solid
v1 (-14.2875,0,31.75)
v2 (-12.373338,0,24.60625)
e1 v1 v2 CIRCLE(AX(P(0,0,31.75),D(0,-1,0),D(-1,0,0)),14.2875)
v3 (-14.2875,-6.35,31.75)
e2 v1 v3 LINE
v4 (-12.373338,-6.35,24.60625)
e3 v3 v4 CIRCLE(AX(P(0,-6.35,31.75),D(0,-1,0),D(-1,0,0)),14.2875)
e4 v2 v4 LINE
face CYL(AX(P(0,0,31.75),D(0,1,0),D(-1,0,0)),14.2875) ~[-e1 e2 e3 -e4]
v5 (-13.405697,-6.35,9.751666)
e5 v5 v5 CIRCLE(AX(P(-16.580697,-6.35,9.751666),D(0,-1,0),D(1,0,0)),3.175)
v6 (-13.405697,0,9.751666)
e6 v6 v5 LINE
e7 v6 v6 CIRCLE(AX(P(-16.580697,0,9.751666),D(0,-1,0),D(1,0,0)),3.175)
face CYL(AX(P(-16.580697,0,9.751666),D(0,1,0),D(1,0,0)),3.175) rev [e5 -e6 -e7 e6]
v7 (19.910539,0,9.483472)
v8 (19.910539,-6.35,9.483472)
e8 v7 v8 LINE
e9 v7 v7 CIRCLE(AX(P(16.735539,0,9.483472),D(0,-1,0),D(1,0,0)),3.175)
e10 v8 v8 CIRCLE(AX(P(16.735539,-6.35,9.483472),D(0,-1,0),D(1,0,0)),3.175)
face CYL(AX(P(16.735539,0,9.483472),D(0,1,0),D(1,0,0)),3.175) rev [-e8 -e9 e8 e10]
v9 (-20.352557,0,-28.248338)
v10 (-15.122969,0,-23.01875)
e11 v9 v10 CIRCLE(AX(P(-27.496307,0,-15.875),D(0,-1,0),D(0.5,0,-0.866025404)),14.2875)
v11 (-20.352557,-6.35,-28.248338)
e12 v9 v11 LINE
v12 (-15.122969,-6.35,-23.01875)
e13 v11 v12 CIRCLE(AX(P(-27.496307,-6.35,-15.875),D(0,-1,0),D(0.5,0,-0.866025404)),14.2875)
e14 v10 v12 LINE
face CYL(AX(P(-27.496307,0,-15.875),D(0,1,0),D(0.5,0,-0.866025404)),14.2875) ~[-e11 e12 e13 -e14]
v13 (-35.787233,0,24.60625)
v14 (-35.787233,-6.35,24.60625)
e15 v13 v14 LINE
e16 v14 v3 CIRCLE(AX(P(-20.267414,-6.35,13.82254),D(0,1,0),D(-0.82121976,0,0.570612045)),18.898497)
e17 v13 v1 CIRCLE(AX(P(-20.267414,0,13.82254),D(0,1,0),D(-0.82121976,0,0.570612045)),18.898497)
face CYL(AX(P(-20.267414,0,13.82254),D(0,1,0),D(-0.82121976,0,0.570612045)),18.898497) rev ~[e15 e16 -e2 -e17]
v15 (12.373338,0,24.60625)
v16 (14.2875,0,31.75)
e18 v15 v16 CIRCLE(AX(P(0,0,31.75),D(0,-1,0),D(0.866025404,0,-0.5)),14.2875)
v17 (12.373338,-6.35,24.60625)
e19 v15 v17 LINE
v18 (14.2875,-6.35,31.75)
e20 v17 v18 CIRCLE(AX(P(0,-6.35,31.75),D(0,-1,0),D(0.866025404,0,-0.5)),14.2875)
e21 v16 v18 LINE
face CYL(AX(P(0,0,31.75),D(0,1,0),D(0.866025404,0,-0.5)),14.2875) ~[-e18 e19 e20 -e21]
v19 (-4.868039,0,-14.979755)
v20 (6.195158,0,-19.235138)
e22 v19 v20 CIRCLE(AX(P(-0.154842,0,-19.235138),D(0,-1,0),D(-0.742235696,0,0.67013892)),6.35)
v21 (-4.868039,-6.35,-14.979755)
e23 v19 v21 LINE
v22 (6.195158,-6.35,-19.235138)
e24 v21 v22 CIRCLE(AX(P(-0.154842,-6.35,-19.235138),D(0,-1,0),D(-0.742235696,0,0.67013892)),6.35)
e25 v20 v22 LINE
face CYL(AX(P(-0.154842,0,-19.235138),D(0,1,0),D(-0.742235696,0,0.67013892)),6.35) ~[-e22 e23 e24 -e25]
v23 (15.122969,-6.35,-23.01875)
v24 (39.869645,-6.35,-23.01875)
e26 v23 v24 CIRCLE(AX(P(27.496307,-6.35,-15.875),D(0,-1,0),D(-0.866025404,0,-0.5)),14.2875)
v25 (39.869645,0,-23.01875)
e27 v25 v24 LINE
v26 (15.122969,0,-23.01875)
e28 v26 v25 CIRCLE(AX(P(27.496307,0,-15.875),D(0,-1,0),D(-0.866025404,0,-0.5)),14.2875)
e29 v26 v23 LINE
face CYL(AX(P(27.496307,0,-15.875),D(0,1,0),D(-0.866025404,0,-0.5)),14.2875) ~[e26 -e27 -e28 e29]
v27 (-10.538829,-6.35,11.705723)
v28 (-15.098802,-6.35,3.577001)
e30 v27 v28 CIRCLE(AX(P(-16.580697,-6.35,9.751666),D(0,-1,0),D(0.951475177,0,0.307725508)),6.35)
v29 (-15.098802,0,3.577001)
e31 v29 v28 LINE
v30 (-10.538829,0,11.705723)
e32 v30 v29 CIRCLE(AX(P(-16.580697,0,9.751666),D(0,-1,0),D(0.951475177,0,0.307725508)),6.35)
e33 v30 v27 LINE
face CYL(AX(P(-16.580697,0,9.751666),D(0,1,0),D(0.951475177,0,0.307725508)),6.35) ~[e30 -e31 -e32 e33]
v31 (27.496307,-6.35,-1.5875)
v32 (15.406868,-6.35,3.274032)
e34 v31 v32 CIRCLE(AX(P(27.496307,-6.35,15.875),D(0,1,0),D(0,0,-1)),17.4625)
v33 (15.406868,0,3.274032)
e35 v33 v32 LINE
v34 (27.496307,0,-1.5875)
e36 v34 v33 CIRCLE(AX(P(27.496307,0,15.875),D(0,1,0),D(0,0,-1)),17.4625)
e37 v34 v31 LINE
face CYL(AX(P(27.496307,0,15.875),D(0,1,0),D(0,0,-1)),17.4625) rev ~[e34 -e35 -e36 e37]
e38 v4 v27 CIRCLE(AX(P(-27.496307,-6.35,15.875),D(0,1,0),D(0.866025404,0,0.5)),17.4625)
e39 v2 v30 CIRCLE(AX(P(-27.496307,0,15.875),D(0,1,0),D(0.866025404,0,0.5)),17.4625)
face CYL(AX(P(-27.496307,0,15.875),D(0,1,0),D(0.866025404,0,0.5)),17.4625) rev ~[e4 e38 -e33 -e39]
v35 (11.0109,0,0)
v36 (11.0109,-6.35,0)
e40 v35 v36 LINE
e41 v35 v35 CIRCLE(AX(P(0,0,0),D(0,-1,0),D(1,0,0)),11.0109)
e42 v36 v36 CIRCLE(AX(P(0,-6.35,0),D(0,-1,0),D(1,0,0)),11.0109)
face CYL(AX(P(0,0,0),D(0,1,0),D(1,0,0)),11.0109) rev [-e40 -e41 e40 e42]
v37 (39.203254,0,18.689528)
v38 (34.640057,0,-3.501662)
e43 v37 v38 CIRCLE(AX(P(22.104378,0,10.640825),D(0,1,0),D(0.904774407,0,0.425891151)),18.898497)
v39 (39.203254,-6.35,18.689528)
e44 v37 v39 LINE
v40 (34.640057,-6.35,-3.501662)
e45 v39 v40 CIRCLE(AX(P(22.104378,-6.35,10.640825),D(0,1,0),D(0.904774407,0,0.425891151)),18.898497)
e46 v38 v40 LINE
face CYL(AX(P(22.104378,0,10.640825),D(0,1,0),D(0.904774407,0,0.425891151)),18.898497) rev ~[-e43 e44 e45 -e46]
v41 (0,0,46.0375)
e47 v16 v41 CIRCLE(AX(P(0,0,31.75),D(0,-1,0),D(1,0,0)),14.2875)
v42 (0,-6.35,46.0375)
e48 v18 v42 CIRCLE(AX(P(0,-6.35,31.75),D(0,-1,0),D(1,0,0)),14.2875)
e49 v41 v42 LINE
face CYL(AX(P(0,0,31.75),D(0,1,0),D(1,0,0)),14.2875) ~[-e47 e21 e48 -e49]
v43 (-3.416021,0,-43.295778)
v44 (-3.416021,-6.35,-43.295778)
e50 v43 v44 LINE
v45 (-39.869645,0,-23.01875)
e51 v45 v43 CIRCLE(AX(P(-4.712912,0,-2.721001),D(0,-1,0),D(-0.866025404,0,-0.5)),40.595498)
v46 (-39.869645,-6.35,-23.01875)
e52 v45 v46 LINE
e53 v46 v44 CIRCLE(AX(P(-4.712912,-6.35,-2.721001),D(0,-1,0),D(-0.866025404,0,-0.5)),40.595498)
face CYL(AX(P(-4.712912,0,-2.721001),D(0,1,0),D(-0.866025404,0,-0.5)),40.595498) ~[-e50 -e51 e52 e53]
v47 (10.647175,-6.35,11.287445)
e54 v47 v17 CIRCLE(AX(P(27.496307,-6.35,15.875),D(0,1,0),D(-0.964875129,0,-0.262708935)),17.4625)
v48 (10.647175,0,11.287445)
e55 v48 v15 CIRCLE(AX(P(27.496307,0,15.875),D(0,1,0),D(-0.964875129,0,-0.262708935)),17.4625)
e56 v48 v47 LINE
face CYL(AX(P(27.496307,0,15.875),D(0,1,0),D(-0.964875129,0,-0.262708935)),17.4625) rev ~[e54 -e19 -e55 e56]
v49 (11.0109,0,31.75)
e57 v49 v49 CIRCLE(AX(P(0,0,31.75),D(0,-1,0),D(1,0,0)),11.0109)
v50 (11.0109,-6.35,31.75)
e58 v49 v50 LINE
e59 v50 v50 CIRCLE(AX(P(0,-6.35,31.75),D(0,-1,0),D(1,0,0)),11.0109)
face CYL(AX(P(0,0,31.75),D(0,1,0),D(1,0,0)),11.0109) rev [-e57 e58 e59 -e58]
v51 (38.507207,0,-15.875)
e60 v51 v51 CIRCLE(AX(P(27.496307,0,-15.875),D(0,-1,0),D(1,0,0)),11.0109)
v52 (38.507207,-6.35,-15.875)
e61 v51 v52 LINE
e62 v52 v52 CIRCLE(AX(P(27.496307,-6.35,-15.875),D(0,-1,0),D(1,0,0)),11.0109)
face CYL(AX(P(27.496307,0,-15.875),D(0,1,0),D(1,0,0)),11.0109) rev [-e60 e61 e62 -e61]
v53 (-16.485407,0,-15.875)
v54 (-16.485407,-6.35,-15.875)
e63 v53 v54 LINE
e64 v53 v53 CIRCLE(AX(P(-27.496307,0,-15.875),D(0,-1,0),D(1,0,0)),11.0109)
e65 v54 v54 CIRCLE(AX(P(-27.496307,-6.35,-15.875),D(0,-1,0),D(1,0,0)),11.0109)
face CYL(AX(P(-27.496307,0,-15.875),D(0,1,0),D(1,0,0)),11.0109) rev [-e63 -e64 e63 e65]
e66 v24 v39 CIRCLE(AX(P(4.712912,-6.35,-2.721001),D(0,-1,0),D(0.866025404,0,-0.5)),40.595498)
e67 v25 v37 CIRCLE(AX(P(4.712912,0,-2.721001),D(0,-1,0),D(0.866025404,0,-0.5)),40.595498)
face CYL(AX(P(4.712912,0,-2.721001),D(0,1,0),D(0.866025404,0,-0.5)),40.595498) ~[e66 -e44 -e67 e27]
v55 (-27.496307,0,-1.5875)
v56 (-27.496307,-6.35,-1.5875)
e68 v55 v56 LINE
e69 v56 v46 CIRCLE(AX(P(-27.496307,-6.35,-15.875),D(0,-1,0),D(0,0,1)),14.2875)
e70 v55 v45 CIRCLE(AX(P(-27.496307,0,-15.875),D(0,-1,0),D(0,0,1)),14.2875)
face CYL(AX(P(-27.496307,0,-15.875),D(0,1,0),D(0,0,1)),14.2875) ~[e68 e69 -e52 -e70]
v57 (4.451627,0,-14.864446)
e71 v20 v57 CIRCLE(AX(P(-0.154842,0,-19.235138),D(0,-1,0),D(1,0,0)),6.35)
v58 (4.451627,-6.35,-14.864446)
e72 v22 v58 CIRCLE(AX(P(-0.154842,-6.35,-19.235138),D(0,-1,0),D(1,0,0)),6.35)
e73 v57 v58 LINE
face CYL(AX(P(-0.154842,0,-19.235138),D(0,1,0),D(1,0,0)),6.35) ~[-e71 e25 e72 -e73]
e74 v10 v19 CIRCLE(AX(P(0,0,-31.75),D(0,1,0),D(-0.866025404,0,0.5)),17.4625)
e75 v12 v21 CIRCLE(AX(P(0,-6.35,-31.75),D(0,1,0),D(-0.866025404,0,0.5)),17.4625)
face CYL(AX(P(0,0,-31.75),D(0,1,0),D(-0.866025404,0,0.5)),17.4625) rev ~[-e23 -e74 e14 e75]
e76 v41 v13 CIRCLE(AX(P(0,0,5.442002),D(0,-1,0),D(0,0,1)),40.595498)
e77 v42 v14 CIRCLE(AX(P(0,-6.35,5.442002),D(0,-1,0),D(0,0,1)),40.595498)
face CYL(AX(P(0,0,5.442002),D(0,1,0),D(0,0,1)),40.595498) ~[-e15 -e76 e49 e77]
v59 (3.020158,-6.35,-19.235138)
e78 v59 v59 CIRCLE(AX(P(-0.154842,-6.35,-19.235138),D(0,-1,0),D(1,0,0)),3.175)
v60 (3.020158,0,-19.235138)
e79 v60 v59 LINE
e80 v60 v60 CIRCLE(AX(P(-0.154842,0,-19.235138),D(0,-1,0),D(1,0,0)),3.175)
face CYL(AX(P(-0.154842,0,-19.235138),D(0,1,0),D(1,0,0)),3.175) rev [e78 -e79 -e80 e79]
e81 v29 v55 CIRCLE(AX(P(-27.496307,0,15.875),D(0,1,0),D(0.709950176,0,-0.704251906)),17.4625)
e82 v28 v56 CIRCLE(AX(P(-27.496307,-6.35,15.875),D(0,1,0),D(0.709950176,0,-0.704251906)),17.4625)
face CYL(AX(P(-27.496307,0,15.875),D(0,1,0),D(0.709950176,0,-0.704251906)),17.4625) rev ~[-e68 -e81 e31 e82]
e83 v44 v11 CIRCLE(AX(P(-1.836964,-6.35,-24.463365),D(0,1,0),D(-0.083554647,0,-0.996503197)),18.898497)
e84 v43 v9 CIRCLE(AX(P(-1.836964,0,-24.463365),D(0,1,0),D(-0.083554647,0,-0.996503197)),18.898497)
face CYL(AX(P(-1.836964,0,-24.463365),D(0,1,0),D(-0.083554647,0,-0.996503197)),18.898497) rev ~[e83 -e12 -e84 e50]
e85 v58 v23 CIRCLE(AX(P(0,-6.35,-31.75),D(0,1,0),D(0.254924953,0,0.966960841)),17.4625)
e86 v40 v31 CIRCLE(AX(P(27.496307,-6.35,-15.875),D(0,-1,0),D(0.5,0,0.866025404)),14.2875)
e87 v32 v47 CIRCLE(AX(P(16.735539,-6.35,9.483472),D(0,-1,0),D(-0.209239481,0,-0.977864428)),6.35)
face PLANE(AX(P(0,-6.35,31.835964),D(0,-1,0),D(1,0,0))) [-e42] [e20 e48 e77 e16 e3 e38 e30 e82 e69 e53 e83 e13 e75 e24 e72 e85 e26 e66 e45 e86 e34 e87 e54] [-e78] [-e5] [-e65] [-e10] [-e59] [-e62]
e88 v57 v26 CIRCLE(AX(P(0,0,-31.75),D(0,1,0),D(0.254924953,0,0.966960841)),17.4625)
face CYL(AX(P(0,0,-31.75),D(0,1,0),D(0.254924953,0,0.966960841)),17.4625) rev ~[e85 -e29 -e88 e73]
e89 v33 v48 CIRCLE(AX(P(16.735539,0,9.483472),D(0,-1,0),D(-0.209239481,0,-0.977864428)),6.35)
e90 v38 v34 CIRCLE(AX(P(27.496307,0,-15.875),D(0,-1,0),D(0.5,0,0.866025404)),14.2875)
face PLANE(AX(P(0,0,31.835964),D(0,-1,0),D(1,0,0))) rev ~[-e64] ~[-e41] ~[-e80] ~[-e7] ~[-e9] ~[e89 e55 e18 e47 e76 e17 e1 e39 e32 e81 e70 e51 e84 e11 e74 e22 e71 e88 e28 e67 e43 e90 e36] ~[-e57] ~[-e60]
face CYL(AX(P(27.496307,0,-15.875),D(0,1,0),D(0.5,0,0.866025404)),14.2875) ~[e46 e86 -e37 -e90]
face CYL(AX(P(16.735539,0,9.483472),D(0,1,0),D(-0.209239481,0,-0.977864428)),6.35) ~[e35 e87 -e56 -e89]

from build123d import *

# Parameters (mm, degrees)
F0_R     = 11.0109
F0_R_2   = 3.175
F1_DEPTH = 6.35


with BuildPart() as f1:
    # F0 (on Front) → F1 (new body)
    with BuildSketch(Plane.XZ):
        with BuildLine():
            ThreePointArc((12.3733379566, 24.60625), (13.8006652431, 28.0521228931), (14.2875, 31.75))
            ThreePointArc((14.2875, 31.75), (10.1027881362, 41.8527881362), (0, 46.0375))
            ThreePointArc((0, 46.0375), (-10.1027881362, 41.8527881362), (-14.2875, 31.75))
            ThreePointArc((-14.2875, 31.75), (-13.8006652431, 28.0521228931), (-12.3733379566, 24.60625))
            ThreePointArc((-12.3733379566, 24.60625), (0, 17.4625), (12.3733379566, 24.60625))
        make_face()
        with Locations((0, 31.75)):
            Circle(F0_R, mode=Mode.SUBTRACT)
        with BuildLine():
            ThreePointArc((-14.2875, 31.75), (-10.1027881362, 41.8527881362), (0, 46.0375))
            ThreePointArc((0, 46.0375), (-20.8568006936, 40.269983922), (-35.7872332561, 24.60625))
            ThreePointArc((-35.7872332561, 24.60625), (-26.2265027578, 31.7569329924), (-14.2875, 31.75))
        make_face()
        with BuildLine():
            ThreePointArc((10.6471746219, 11.2874452221), (10.1786438017, 18.1194292121), (12.3733379566, 24.60625))
            ThreePointArc((12.3733379566, 24.60625), (0, 17.4625), (-12.3733379566, 24.60625))
            ThreePointArc((-12.3733379566, 24.60625), (-10.2077366082, 18.3335066447), (-10.5388292946, 11.7057230006))
            ThreePointArc((-10.5388292946, 11.7057230006), (-10.3260856779, 10.8481793102), (-10.2344309309, 9.9694071925))
            ThreePointArc((-10.2344309309, 9.9694071925), (0.1150101412, 14.2870370937), (10.3936009423, 9.8033522686))
            ThreePointArc((10.3936009423, 9.8033522686), (10.4762468955, 10.5529407036), (10.6471746219, 11.2874452221))
        make_face()
        with BuildLine():
            ThreePointArc((23.0855388403, 9.4834715128), (17.6469627848, 15.7677221756), (10.6471746219, 11.2874452221))
            ThreePointArc((10.6471746219, 11.2874452221), (11.3765560575, 9.1599013663), (12.3733379177, 7.1437500673))
            ThreePointArc((12.3733379177, 7.1437500673), (13.7532190864, 5.1015858399), (15.4068681354, 3.274032395))
            ThreePointArc((15.4068681354, 3.274032395), (20.7283724847, 4.5458830844), (23.0855388403, 9.4834715128))
        make_face()
        with Locations((16.7355388403, 9.4834715128)):
            Circle(F0_R_2, mode=Mode.SUBTRACT)
        with BuildLine():
            ThreePointArc((12.3733379177, 7.1437500673), (11.3765560575, 9.1599013663), (10.6471746219, 11.2874452221))
            ThreePointArc((10.6471746219, 11.2874452221), (10.4762468955, 10.5529407036), (10.3936009423, 9.8033522686))
            ThreePointArc((10.3936009423, 9.8033522686), (11.4608789903, 8.531172781), (12.3733379177, 7.1437500673))
        make_face()
        with BuildLine():
            ThreePointArc((-10.2344309309, 9.9694071925), (-10.3260856779, 10.8481793102), (-10.5388292946, 11.7057230006))
            ThreePointArc((-10.5388292946, 11.7057230006), (-11.2947124555, 9.359844254), (-12.3733379294, 7.1437500471))
            ThreePointArc((-12.3733379294, 7.1437500471), (-11.3918342591, 8.6231530466), (-10.2344309309, 9.9694071925))
        make_face()
        with BuildLine():
            ThreePointArc((-12.3733379294, 7.1437500471), (-11.2947124555, 9.359844254), (-10.5388292946, 11.7057230006))
            ThreePointArc((-10.5388292946, 11.7057230006), (-22.1188173057, 12.8583877354), (-15.0988016171, 3.57700109))
            ThreePointArc((-15.0988016171, 3.57700109), (-13.620985268, 5.2724359227), (-12.3733379294, 7.1437500471))
        make_face()
        with Locations((-16.5806966663, 9.7516660253)):
            Circle(F0_R_2, mode=Mode.SUBTRACT)
        with BuildLine():
            ThreePointArc((15.4068681354, 3.274032395), (13.7532190864, 5.1015858399), (12.3733379177, 7.1437500673))
            ThreePointArc((12.3733379177, 7.1437500673), (13.1637867029, 5.5540414017), (13.7509753549, 3.8785735832))
            ThreePointArc((13.7509753549, 3.8785735832), (14.5578417064, 3.5185628636), (15.4068681354, 3.274032395))
        make_face()
        with BuildLine():
            ThreePointArc((-13.686752578, 4.0994463185), (-13.1186518214, 5.6598260255), (-12.3733379294, 7.1437500471))
            ThreePointArc((-12.3733379294, 7.1437500471), (-13.620985268, 5.2724359227), (-15.0988016171, 3.57700109))
            ThreePointArc((-15.0988016171, 3.57700109), (-14.3772381817, 3.796225596), (-13.686752578, 4.0994463185))
        make_face()
        with BuildLine():
            ThreePointArc((-13.686752578, 4.0994463185), (-14.3772381817, 3.796225596), (-15.0988016171, 3.57700109))
            ThreePointArc((-15.0988016171, 3.57700109), (-20.7812079006, -0.2447504977), (-27.4963065702, -1.5875))
            ThreePointArc((-27.4963065702, -1.5875), (-17.393518434, -5.7722118638), (-13.2088065702, -15.875))
            ThreePointArc((-13.2088065702, -15.875), (-13.6956413271, -19.5728771069), (-15.1229686136, -23.01875))
            ThreePointArc((-15.1229686136, -23.01875), (-10.7734141907, -18.0069125403), (-4.8680388409, -14.9797553955))
            ThreePointArc((-4.8680388409, -14.9797553955), (-4.2317560285, -14.3667421738), (-3.5165444239, -13.8479807757))
            ThreePointArc((-3.5165444239, -13.8479807757), (-12.4304421386, -7.0439168429), (-13.686752578, 4.0994463185))
        make_face()
        with BuildLine():
            ThreePointArc((15.4068681354, 3.274032395), (14.5578417064, 3.5185628636), (13.7509753549, 3.8785735832))
            ThreePointArc((13.7509753549, 3.8785735832), (14.1527332454, 1.9577532873), (14.2875, 0))
            ThreePointArc((14.2875, 0), (11.2067738499, -8.8623290464), (3.2931516357, -13.9027985871))
            ThreePointArc((3.2931516357, -13.9027985871), (3.9009912862, -14.3491662996), (4.4516269953, -14.8644463122))
            ThreePointArc((4.4516269953, -14.8644463122), (10.6025640989, -17.8746787144), (15.1229686136, -23.01875))
            ThreePointArc((15.1229686136, -23.01875), (15.1229686136, -8.73125), (27.4963065702, -1.5875))
            ThreePointArc((27.4963065702, -1.5875), (20.9811507989, -0.3265941045), (15.4068681354, 3.274032395))
        make_face()
        with BuildLine():
            ThreePointArc((-13.2088065702, -15.875), (-17.393518434, -5.7722118638), (-27.4963065702, -1.5875))
            ThreePointArc((-27.4963065702, -1.5875), (-39.8696445267, -8.73125), (-39.8696445267, -23.01875))
            ThreePointArc((-39.8696445267, -23.01875), (-31.1941836771, -29.6756652431), (-20.3525565702, -28.2483379566))
            ThreePointArc((-20.3525565702, -28.2483379566), (-17.393518434, -25.9777881362), (-15.1229686136, -23.01875))
            ThreePointArc((-15.1229686136, -23.01875), (-13.6956413271, -19.5728771069), (-13.2088065702, -15.875))
        make_face()
        with Locations((-27.4963065702, -15.875)):
            Circle(F0_R, mode=Mode.SUBTRACT)
        with BuildLine():
            ThreePointArc((34.6400565702, -3.5016620434), (31.1941836771, -2.0743347569), (27.4963065702, -1.5875))
            ThreePointArc((27.4963065702, -1.5875), (15.1229686136, -8.73125), (15.1229686136, -23.01875))
            ThreePointArc((15.1229686136, -23.01875), (27.4963065702, -30.1625), (39.8696445267, -23.01875))
            ThreePointArc((39.8696445267, -23.01875), (41.2969718133, -19.5728771069), (41.7838065702, -15.875))
            ThreePointArc((41.7838065702, -15.875), (39.8696445267, -8.73125), (34.6400565702, -3.5016620434))
        make_face()
        with Locations((27.4963065702, -15.875)):
            Circle(F0_R, mode=Mode.SUBTRACT)
        with BuildLine():
            ThreePointArc((-5.5e-09, -14.2875), (-1.7719524453, -14.1771943903), (-3.5165444239, -13.8479807757))
            ThreePointArc((-3.5165444239, -13.8479807757), (-4.2317560285, -14.3667421738), (-4.8680388409, -14.9797553955))
            ThreePointArc((-4.8680388409, -14.9797553955), (-2.4585066475, -14.4614300385), (-5.5e-09, -14.2875))
        make_face()
        with BuildLine():
            ThreePointArc((-20.3525565702, -28.2483379566), (-31.1941836771, -29.6756652431), (-39.8696445267, -23.01875))
            ThreePointArc((-39.8696445267, -23.01875), (-24.4464287396, -38.1975112033), (-3.4160209638, -43.2957781309))
            ThreePointArc((-3.4160209638, -43.2957781309), (-14.3890593388, -38.5912841369), (-20.3525565702, -28.2483379566))
        make_face()
        with BuildLine():
            ThreePointArc((4.4516269953, -14.8644463122), (3.9009912862, -14.3491662996), (3.2931516357, -13.9027985871))
            ThreePointArc((3.2931516357, -13.9027985871), (1.6577728159, -14.1909987506), (-5.5e-09, -14.2875))
            ThreePointArc((-5.5e-09, -14.2875), (2.2444292093, -14.4323372312), (4.4516269953, -14.8644463122))
        make_face()
        with BuildLine():
            ThreePointArc((39.2032542199, 18.6895281309), (40.6155620966, 6.8343511445), (34.6400565702, -3.5016620434))
            ThreePointArc((34.6400565702, -3.5016620434), (39.8696445267, -8.73125), (41.7838065702, -15.875))
            ThreePointArc((41.7838065702, -15.875), (41.2969718133, -19.5728771069), (39.8696445267, -23.01875))
            ThreePointArc((39.8696445267, -23.01875), (45.3032294332, -2.0724727187), (39.2032542199, 18.6895281309))
        make_face()
        with BuildLine():
            ThreePointArc((4.4516269953, -14.8644463122), (2.2444292093, -14.4323372312), (-5.5e-09, -14.2875))
            ThreePointArc((-5.5e-09, -14.2875), (-2.4585066475, -14.4614300385), (-4.8680388409, -14.9797553955))
            ThreePointArc((-4.8680388409, -14.9797553955), (-2.4345023642, -25.1618271215), (6.195157826, -19.2351375381))
            ThreePointArc((6.195157826, -19.2351375381), (5.743190516, -16.8823284962), (4.4516269953, -14.8644463122))
        make_face()
        with Locations((-0.154842174, -19.2351375381)):
            Circle(F0_R_2, mode=Mode.SUBTRACT)
        with BuildLine():
            ThreePointArc((13.7509753549, 3.8785735832), (11.2108978898, 6.3528418048), (10.3936009423, 9.8033522686))
            ThreePointArc((10.3936009423, 9.8033522686), (0.1150101412, 14.2870370937), (-10.2344309309, 9.9694071925))
            ThreePointArc((-10.2344309309, 9.9694071925), (-10.2316303011, 9.8605526184), (-10.2306966663, 9.7516660253))
            ThreePointArc((-10.2306966663, 9.7516660253), (-11.1631767097, 6.4391175321), (-13.686752578, 4.0994463185))
            ThreePointArc((-13.686752578, 4.0994463185), (-12.4304421386, -7.0439168429), (-3.5165444239, -13.8479807757))
            ThreePointArc((-3.5165444239, -13.8479807757), (-0.1037265557, -12.8853432742), (3.2931516357, -13.9027985871))
            ThreePointArc((3.2931516357, -13.9027985871), (11.2067738499, -8.8623290464), (14.2875, 0))
            ThreePointArc((14.2875, 0), (14.1527332454, 1.9577532873), (13.7509753549, 3.8785735832))
        make_face()
        Circle(F0_R, mode=Mode.SUBTRACT)
        with BuildLine():
            ThreePointArc((3.2931516357, -13.9027985871), (-0.1037265557, -12.8853432742), (-3.5165444239, -13.8479807757))
            ThreePointArc((-3.5165444239, -13.8479807757), (-1.7719524453, -14.1771943903), (-5.5e-09, -14.2875))
            ThreePointArc((-5.5e-09, -14.2875), (1.6577728159, -14.1909987506), (3.2931516357, -13.9027985871))
        make_face()
        with BuildLine():
            ThreePointArc((-10.2344309309, 9.9694071925), (-11.3918342591, 8.6231530466), (-12.3733379294, 7.1437500471))
            ThreePointArc((-12.3733379294, 7.1437500471), (-13.1186518214, 5.6598260255), (-13.686752578, 4.0994463185))
            ThreePointArc((-13.686752578, 4.0994463185), (-11.1631767097, 6.4391175321), (-10.2306966663, 9.7516660253))
            ThreePointArc((-10.2306966663, 9.7516660253), (-10.2316303011, 9.8605526184), (-10.2344309309, 9.9694071925))
        make_face()
        with BuildLine():
            ThreePointArc((13.7509753549, 3.8785735832), (13.1637867029, 5.5540414017), (12.3733379177, 7.1437500673))
            ThreePointArc((12.3733379177, 7.1437500673), (11.4608789903, 8.531172781), (10.3936009423, 9.8033522686))
            ThreePointArc((10.3936009423, 9.8033522686), (11.2108978898, 6.3528418048), (13.7509753549, 3.8785735832))
        make_face()
    extrude(amount=F1_DEPTH)


solid = f1.part
